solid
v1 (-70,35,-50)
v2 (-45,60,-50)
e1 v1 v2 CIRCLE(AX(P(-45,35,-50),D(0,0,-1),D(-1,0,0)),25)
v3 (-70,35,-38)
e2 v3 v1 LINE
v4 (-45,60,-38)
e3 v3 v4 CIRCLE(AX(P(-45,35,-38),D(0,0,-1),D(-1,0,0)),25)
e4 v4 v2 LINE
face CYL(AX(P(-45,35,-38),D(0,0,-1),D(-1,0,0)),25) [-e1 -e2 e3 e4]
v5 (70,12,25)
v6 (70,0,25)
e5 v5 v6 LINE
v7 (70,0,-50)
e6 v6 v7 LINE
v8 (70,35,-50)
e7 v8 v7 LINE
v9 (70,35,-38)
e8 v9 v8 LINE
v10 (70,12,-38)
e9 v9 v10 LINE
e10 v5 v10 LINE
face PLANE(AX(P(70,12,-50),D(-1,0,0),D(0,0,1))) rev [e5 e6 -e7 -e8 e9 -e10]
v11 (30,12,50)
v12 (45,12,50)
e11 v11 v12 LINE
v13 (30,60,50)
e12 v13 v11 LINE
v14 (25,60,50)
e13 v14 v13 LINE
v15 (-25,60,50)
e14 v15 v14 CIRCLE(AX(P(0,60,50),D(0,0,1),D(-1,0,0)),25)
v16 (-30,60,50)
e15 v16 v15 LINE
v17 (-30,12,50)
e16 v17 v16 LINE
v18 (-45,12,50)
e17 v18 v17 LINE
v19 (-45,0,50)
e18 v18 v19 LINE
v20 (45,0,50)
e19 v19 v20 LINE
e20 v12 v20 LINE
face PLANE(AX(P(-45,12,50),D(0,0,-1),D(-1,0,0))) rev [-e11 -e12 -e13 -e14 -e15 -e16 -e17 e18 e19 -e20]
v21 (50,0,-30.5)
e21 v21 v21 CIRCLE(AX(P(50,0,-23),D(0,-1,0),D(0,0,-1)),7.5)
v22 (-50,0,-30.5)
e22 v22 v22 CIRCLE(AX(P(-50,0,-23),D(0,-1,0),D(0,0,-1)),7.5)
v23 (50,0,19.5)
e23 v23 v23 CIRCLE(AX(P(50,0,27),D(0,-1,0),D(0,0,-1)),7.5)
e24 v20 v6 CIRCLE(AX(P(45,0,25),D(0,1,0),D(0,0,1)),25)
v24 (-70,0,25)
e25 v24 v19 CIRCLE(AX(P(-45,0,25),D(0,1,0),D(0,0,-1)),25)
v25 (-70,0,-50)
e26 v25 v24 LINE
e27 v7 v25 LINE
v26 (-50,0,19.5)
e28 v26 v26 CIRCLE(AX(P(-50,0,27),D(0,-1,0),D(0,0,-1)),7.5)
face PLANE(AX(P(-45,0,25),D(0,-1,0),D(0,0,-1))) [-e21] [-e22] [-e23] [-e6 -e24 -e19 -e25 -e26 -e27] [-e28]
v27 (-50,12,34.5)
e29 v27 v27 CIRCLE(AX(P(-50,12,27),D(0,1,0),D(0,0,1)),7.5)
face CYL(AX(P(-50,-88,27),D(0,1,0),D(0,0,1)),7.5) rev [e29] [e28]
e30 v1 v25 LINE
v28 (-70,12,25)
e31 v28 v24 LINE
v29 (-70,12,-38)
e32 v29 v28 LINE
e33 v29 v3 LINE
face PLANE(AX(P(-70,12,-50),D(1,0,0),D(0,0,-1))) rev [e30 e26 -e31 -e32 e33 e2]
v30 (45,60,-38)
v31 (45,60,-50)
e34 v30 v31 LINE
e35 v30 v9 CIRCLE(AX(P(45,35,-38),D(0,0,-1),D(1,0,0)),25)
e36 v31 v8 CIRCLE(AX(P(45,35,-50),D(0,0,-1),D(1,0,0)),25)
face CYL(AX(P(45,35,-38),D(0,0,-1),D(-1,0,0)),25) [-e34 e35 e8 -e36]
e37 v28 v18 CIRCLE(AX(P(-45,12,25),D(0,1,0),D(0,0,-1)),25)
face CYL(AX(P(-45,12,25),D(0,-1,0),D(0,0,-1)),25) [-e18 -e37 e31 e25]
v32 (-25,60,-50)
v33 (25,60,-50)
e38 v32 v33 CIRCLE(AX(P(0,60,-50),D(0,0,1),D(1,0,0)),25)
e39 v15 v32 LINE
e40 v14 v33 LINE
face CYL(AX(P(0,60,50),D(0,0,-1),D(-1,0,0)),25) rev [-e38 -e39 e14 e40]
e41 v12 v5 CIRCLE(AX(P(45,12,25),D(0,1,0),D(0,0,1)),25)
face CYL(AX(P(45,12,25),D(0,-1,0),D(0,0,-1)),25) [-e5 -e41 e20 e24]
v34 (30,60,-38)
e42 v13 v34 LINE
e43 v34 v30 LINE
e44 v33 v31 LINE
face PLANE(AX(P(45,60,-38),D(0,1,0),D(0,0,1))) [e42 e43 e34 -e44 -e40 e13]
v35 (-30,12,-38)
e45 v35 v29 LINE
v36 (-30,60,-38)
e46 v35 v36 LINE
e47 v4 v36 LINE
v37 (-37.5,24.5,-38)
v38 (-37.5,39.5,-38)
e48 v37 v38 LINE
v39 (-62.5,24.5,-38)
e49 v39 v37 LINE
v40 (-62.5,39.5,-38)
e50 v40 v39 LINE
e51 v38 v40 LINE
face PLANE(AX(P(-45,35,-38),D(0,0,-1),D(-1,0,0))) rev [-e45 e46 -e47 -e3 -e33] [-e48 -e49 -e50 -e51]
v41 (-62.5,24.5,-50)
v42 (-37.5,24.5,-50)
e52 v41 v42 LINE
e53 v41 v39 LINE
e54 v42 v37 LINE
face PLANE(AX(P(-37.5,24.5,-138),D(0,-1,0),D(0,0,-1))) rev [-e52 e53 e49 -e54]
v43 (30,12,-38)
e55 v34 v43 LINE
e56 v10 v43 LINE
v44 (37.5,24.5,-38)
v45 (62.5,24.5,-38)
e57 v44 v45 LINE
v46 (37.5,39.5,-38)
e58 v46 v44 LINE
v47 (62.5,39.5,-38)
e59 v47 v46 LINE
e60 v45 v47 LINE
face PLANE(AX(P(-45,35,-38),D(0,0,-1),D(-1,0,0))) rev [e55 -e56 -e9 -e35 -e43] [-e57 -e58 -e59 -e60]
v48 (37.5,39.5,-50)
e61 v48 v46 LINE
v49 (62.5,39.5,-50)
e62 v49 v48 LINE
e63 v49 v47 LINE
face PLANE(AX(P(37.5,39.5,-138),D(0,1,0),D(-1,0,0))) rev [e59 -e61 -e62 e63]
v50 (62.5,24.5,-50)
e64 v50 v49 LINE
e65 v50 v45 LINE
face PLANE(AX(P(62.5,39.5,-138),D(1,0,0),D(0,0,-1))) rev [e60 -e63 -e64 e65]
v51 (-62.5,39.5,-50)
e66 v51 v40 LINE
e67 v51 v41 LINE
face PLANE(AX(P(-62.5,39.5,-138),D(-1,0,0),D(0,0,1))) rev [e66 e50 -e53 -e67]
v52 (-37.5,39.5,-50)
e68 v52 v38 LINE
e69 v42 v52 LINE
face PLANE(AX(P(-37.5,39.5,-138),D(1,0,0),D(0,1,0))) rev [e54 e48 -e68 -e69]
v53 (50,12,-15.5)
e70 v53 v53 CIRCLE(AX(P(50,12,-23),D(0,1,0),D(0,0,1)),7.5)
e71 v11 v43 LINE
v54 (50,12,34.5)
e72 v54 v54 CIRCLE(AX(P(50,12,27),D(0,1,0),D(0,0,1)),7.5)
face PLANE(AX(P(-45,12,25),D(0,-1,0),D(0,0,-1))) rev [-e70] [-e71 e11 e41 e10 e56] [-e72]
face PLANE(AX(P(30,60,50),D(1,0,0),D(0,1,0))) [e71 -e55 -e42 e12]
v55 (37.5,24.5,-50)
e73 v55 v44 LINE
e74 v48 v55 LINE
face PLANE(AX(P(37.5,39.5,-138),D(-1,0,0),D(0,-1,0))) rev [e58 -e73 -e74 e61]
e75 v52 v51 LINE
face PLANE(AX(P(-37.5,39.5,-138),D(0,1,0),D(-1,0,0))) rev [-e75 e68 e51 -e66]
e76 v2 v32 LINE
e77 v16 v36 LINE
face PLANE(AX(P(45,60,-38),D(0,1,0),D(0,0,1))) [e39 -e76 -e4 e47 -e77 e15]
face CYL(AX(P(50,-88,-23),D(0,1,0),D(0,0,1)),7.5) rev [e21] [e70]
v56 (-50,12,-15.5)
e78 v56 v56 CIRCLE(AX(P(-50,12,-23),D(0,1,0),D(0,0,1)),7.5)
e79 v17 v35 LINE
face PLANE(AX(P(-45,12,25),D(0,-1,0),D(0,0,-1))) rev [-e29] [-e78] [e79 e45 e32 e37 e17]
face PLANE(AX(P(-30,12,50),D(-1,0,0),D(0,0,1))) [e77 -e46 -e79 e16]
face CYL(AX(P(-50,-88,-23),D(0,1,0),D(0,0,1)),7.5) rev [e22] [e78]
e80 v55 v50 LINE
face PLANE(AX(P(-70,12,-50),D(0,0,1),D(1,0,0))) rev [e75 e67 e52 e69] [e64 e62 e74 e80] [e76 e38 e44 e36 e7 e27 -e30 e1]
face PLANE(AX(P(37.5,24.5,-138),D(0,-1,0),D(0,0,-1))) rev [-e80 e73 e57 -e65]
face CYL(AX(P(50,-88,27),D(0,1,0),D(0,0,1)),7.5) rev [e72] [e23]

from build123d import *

# Parameters (mm, degrees)
BOSS_EXTRUDE2_DEPTH       = 12
BOSS_EXTRUDE3_DEPTH       = 12
BOSS_EXTRUDE6_DEPTH       = 100
SKETCH5_R                 = 25
CUT_EXTRUDE1_DEPTH        = 100
SKETCH7_R                 = 7.5
CUT_EXTRUDE2_DEPTH        = 100
LPATTERN2_COUNT           = 2
LPATTERN2_PITCH           = 50
LPATTERN5_COUNT           = 2
LPATTERN5_PITCH           = 100
LPATTERN6_COPY_1_SKETCH_R = 7.5
LPATTERN6_COPY_1_DEPTH    = 100
LPATTERN6_COPY_2_SKETCH_R = 7.5
LPATTERN6_COPY_2_DEPTH    = 100
SKETCH8_W                 = 25
SKETCH8_H                 = 15
CUT_EXTRUDE3_DEPTH        = 100


with BuildPart() as part:
    # Sketch1 → Boss-Extrude2 (new body)
    with BuildSketch(Plane(origin=(0, 0, 0), x_dir=(1, 0, 0), z_dir=(0, 1, 0))):
        with BuildLine():
            Line((-70, 50), (70, 50))
            Line((70, 50), (70, -25))
            ThreePointArc((70, -25), (62.67766953, -42.67766953), (45, -50))
            Line((45, -50), (-45, -50))
            ThreePointArc((-45, -50), (-62.67766953, -42.67766953), (-70, -25))
            Line((-70, -25), (-70, 50))
        make_face()
    extrude(amount=BOSS_EXTRUDE2_DEPTH)

    # Sketch2 → Boss-Extrude3 (add)
    with BuildSketch(Plane(origin=(0, 0, -50), x_dir=(-1, 0, 0), z_dir=(0, 0, -1))):
        with BuildLine():
            Line((-70, 12), (-70, 35))
            ThreePointArc((-70, 35), (-62.67766953, 52.67766953), (-45, 60))
            Line((-45, 60), (45, 60))
            ThreePointArc((45, 60), (62.67766953, 52.67766953), (70, 35))
            Line((70, 35), (70, 12))
            Line((70, 12), (-70, 12))
        make_face()
    extrude(amount=-BOSS_EXTRUDE3_DEPTH)

    # Sketch4 → Boss-Extrude6 (add)
    with BuildSketch(Plane(origin=(0, 0, -50), x_dir=(-1, 0, 0), z_dir=(0, 0, -1))):
        with BuildLine():
            Line((-25, 60), (-30, 60))
            Line((-30, 60), (-30, 12))
            Line((-30, 12), (30, 12))
            Line((30, 12), (30, 60))
            Line((30, 60), (25, 60))
            ThreePointArc((25, 60), (0, 35), (-25, 60))
        make_face()
    extrude(amount=-BOSS_EXTRUDE6_DEPTH)

    # Sketch5 → Cut-Extrude1 (cut)
    with BuildSketch(Plane.XY.offset(-38)):
        with Locations((0, 60)):
            Circle(SKETCH5_R)
    extrude(amount=-CUT_EXTRUDE1_DEPTH, mode=Mode.SUBTRACT)

    # Sketch7 → Cut-Extrude2 (cut)
    with BuildSketch(Plane(origin=(0, 12, 0), x_dir=(1, 0, 0), z_dir=(0, 1, 0))):
        with Locations((50, 23)):
            Circle(SKETCH7_R)
    cut_extrude2 = extrude(amount=-CUT_EXTRUDE2_DEPTH, mode=Mode.SUBTRACT)

    # LPattern2: Cut-Extrude2 ×2
    with Locations(*[(0, 0, i * LPATTERN2_PITCH) for i in range(1, LPATTERN2_COUNT)]):
        add(cut_extrude2, mode=Mode.SUBTRACT)

    # LPattern5: Cut-Extrude2 ×2
    with Locations(*[(-i * LPATTERN5_PITCH, 0, 0) for i in range(1, LPATTERN5_COUNT)]):
        add(cut_extrude2, mode=Mode.SUBTRACT)

    # LPattern6 copy 1 sketch → LPattern6 copy 1 (cut)
    with BuildSketch(Plane(origin=(-100, 12, 50), x_dir=(1, 0, 0), z_dir=(0, 1, 0))):
        with Locations((50, 23)):
            Circle(LPATTERN6_COPY_1_SKETCH_R)
    extrude(amount=-LPATTERN6_COPY_1_DEPTH, mode=Mode.SUBTRACT)

    # LPattern6 copy 2 sketch → LPattern6 copy 2 (cut)
    with BuildSketch(Plane(origin=(0, 12, 50), x_dir=(1, 0, 0), z_dir=(0, 1, 0))):
        with Locations((50, 23)):
            Circle(LPATTERN6_COPY_2_SKETCH_R)
    extrude(amount=-LPATTERN6_COPY_2_DEPTH, mode=Mode.SUBTRACT)

    # Sketch8 → Cut-Extrude3 (cut)
    with BuildSketch(Plane.XY.offset(-38)):
        with Locations((50, 32)):
            Rectangle(SKETCH8_W, SKETCH8_H)
        with Locations((-50, 32)):
            Rectangle(SKETCH8_W, SKETCH8_H)
    extrude(amount=-CUT_EXTRUDE3_DEPTH, mode=Mode.SUBTRACT)


solid = part.part
